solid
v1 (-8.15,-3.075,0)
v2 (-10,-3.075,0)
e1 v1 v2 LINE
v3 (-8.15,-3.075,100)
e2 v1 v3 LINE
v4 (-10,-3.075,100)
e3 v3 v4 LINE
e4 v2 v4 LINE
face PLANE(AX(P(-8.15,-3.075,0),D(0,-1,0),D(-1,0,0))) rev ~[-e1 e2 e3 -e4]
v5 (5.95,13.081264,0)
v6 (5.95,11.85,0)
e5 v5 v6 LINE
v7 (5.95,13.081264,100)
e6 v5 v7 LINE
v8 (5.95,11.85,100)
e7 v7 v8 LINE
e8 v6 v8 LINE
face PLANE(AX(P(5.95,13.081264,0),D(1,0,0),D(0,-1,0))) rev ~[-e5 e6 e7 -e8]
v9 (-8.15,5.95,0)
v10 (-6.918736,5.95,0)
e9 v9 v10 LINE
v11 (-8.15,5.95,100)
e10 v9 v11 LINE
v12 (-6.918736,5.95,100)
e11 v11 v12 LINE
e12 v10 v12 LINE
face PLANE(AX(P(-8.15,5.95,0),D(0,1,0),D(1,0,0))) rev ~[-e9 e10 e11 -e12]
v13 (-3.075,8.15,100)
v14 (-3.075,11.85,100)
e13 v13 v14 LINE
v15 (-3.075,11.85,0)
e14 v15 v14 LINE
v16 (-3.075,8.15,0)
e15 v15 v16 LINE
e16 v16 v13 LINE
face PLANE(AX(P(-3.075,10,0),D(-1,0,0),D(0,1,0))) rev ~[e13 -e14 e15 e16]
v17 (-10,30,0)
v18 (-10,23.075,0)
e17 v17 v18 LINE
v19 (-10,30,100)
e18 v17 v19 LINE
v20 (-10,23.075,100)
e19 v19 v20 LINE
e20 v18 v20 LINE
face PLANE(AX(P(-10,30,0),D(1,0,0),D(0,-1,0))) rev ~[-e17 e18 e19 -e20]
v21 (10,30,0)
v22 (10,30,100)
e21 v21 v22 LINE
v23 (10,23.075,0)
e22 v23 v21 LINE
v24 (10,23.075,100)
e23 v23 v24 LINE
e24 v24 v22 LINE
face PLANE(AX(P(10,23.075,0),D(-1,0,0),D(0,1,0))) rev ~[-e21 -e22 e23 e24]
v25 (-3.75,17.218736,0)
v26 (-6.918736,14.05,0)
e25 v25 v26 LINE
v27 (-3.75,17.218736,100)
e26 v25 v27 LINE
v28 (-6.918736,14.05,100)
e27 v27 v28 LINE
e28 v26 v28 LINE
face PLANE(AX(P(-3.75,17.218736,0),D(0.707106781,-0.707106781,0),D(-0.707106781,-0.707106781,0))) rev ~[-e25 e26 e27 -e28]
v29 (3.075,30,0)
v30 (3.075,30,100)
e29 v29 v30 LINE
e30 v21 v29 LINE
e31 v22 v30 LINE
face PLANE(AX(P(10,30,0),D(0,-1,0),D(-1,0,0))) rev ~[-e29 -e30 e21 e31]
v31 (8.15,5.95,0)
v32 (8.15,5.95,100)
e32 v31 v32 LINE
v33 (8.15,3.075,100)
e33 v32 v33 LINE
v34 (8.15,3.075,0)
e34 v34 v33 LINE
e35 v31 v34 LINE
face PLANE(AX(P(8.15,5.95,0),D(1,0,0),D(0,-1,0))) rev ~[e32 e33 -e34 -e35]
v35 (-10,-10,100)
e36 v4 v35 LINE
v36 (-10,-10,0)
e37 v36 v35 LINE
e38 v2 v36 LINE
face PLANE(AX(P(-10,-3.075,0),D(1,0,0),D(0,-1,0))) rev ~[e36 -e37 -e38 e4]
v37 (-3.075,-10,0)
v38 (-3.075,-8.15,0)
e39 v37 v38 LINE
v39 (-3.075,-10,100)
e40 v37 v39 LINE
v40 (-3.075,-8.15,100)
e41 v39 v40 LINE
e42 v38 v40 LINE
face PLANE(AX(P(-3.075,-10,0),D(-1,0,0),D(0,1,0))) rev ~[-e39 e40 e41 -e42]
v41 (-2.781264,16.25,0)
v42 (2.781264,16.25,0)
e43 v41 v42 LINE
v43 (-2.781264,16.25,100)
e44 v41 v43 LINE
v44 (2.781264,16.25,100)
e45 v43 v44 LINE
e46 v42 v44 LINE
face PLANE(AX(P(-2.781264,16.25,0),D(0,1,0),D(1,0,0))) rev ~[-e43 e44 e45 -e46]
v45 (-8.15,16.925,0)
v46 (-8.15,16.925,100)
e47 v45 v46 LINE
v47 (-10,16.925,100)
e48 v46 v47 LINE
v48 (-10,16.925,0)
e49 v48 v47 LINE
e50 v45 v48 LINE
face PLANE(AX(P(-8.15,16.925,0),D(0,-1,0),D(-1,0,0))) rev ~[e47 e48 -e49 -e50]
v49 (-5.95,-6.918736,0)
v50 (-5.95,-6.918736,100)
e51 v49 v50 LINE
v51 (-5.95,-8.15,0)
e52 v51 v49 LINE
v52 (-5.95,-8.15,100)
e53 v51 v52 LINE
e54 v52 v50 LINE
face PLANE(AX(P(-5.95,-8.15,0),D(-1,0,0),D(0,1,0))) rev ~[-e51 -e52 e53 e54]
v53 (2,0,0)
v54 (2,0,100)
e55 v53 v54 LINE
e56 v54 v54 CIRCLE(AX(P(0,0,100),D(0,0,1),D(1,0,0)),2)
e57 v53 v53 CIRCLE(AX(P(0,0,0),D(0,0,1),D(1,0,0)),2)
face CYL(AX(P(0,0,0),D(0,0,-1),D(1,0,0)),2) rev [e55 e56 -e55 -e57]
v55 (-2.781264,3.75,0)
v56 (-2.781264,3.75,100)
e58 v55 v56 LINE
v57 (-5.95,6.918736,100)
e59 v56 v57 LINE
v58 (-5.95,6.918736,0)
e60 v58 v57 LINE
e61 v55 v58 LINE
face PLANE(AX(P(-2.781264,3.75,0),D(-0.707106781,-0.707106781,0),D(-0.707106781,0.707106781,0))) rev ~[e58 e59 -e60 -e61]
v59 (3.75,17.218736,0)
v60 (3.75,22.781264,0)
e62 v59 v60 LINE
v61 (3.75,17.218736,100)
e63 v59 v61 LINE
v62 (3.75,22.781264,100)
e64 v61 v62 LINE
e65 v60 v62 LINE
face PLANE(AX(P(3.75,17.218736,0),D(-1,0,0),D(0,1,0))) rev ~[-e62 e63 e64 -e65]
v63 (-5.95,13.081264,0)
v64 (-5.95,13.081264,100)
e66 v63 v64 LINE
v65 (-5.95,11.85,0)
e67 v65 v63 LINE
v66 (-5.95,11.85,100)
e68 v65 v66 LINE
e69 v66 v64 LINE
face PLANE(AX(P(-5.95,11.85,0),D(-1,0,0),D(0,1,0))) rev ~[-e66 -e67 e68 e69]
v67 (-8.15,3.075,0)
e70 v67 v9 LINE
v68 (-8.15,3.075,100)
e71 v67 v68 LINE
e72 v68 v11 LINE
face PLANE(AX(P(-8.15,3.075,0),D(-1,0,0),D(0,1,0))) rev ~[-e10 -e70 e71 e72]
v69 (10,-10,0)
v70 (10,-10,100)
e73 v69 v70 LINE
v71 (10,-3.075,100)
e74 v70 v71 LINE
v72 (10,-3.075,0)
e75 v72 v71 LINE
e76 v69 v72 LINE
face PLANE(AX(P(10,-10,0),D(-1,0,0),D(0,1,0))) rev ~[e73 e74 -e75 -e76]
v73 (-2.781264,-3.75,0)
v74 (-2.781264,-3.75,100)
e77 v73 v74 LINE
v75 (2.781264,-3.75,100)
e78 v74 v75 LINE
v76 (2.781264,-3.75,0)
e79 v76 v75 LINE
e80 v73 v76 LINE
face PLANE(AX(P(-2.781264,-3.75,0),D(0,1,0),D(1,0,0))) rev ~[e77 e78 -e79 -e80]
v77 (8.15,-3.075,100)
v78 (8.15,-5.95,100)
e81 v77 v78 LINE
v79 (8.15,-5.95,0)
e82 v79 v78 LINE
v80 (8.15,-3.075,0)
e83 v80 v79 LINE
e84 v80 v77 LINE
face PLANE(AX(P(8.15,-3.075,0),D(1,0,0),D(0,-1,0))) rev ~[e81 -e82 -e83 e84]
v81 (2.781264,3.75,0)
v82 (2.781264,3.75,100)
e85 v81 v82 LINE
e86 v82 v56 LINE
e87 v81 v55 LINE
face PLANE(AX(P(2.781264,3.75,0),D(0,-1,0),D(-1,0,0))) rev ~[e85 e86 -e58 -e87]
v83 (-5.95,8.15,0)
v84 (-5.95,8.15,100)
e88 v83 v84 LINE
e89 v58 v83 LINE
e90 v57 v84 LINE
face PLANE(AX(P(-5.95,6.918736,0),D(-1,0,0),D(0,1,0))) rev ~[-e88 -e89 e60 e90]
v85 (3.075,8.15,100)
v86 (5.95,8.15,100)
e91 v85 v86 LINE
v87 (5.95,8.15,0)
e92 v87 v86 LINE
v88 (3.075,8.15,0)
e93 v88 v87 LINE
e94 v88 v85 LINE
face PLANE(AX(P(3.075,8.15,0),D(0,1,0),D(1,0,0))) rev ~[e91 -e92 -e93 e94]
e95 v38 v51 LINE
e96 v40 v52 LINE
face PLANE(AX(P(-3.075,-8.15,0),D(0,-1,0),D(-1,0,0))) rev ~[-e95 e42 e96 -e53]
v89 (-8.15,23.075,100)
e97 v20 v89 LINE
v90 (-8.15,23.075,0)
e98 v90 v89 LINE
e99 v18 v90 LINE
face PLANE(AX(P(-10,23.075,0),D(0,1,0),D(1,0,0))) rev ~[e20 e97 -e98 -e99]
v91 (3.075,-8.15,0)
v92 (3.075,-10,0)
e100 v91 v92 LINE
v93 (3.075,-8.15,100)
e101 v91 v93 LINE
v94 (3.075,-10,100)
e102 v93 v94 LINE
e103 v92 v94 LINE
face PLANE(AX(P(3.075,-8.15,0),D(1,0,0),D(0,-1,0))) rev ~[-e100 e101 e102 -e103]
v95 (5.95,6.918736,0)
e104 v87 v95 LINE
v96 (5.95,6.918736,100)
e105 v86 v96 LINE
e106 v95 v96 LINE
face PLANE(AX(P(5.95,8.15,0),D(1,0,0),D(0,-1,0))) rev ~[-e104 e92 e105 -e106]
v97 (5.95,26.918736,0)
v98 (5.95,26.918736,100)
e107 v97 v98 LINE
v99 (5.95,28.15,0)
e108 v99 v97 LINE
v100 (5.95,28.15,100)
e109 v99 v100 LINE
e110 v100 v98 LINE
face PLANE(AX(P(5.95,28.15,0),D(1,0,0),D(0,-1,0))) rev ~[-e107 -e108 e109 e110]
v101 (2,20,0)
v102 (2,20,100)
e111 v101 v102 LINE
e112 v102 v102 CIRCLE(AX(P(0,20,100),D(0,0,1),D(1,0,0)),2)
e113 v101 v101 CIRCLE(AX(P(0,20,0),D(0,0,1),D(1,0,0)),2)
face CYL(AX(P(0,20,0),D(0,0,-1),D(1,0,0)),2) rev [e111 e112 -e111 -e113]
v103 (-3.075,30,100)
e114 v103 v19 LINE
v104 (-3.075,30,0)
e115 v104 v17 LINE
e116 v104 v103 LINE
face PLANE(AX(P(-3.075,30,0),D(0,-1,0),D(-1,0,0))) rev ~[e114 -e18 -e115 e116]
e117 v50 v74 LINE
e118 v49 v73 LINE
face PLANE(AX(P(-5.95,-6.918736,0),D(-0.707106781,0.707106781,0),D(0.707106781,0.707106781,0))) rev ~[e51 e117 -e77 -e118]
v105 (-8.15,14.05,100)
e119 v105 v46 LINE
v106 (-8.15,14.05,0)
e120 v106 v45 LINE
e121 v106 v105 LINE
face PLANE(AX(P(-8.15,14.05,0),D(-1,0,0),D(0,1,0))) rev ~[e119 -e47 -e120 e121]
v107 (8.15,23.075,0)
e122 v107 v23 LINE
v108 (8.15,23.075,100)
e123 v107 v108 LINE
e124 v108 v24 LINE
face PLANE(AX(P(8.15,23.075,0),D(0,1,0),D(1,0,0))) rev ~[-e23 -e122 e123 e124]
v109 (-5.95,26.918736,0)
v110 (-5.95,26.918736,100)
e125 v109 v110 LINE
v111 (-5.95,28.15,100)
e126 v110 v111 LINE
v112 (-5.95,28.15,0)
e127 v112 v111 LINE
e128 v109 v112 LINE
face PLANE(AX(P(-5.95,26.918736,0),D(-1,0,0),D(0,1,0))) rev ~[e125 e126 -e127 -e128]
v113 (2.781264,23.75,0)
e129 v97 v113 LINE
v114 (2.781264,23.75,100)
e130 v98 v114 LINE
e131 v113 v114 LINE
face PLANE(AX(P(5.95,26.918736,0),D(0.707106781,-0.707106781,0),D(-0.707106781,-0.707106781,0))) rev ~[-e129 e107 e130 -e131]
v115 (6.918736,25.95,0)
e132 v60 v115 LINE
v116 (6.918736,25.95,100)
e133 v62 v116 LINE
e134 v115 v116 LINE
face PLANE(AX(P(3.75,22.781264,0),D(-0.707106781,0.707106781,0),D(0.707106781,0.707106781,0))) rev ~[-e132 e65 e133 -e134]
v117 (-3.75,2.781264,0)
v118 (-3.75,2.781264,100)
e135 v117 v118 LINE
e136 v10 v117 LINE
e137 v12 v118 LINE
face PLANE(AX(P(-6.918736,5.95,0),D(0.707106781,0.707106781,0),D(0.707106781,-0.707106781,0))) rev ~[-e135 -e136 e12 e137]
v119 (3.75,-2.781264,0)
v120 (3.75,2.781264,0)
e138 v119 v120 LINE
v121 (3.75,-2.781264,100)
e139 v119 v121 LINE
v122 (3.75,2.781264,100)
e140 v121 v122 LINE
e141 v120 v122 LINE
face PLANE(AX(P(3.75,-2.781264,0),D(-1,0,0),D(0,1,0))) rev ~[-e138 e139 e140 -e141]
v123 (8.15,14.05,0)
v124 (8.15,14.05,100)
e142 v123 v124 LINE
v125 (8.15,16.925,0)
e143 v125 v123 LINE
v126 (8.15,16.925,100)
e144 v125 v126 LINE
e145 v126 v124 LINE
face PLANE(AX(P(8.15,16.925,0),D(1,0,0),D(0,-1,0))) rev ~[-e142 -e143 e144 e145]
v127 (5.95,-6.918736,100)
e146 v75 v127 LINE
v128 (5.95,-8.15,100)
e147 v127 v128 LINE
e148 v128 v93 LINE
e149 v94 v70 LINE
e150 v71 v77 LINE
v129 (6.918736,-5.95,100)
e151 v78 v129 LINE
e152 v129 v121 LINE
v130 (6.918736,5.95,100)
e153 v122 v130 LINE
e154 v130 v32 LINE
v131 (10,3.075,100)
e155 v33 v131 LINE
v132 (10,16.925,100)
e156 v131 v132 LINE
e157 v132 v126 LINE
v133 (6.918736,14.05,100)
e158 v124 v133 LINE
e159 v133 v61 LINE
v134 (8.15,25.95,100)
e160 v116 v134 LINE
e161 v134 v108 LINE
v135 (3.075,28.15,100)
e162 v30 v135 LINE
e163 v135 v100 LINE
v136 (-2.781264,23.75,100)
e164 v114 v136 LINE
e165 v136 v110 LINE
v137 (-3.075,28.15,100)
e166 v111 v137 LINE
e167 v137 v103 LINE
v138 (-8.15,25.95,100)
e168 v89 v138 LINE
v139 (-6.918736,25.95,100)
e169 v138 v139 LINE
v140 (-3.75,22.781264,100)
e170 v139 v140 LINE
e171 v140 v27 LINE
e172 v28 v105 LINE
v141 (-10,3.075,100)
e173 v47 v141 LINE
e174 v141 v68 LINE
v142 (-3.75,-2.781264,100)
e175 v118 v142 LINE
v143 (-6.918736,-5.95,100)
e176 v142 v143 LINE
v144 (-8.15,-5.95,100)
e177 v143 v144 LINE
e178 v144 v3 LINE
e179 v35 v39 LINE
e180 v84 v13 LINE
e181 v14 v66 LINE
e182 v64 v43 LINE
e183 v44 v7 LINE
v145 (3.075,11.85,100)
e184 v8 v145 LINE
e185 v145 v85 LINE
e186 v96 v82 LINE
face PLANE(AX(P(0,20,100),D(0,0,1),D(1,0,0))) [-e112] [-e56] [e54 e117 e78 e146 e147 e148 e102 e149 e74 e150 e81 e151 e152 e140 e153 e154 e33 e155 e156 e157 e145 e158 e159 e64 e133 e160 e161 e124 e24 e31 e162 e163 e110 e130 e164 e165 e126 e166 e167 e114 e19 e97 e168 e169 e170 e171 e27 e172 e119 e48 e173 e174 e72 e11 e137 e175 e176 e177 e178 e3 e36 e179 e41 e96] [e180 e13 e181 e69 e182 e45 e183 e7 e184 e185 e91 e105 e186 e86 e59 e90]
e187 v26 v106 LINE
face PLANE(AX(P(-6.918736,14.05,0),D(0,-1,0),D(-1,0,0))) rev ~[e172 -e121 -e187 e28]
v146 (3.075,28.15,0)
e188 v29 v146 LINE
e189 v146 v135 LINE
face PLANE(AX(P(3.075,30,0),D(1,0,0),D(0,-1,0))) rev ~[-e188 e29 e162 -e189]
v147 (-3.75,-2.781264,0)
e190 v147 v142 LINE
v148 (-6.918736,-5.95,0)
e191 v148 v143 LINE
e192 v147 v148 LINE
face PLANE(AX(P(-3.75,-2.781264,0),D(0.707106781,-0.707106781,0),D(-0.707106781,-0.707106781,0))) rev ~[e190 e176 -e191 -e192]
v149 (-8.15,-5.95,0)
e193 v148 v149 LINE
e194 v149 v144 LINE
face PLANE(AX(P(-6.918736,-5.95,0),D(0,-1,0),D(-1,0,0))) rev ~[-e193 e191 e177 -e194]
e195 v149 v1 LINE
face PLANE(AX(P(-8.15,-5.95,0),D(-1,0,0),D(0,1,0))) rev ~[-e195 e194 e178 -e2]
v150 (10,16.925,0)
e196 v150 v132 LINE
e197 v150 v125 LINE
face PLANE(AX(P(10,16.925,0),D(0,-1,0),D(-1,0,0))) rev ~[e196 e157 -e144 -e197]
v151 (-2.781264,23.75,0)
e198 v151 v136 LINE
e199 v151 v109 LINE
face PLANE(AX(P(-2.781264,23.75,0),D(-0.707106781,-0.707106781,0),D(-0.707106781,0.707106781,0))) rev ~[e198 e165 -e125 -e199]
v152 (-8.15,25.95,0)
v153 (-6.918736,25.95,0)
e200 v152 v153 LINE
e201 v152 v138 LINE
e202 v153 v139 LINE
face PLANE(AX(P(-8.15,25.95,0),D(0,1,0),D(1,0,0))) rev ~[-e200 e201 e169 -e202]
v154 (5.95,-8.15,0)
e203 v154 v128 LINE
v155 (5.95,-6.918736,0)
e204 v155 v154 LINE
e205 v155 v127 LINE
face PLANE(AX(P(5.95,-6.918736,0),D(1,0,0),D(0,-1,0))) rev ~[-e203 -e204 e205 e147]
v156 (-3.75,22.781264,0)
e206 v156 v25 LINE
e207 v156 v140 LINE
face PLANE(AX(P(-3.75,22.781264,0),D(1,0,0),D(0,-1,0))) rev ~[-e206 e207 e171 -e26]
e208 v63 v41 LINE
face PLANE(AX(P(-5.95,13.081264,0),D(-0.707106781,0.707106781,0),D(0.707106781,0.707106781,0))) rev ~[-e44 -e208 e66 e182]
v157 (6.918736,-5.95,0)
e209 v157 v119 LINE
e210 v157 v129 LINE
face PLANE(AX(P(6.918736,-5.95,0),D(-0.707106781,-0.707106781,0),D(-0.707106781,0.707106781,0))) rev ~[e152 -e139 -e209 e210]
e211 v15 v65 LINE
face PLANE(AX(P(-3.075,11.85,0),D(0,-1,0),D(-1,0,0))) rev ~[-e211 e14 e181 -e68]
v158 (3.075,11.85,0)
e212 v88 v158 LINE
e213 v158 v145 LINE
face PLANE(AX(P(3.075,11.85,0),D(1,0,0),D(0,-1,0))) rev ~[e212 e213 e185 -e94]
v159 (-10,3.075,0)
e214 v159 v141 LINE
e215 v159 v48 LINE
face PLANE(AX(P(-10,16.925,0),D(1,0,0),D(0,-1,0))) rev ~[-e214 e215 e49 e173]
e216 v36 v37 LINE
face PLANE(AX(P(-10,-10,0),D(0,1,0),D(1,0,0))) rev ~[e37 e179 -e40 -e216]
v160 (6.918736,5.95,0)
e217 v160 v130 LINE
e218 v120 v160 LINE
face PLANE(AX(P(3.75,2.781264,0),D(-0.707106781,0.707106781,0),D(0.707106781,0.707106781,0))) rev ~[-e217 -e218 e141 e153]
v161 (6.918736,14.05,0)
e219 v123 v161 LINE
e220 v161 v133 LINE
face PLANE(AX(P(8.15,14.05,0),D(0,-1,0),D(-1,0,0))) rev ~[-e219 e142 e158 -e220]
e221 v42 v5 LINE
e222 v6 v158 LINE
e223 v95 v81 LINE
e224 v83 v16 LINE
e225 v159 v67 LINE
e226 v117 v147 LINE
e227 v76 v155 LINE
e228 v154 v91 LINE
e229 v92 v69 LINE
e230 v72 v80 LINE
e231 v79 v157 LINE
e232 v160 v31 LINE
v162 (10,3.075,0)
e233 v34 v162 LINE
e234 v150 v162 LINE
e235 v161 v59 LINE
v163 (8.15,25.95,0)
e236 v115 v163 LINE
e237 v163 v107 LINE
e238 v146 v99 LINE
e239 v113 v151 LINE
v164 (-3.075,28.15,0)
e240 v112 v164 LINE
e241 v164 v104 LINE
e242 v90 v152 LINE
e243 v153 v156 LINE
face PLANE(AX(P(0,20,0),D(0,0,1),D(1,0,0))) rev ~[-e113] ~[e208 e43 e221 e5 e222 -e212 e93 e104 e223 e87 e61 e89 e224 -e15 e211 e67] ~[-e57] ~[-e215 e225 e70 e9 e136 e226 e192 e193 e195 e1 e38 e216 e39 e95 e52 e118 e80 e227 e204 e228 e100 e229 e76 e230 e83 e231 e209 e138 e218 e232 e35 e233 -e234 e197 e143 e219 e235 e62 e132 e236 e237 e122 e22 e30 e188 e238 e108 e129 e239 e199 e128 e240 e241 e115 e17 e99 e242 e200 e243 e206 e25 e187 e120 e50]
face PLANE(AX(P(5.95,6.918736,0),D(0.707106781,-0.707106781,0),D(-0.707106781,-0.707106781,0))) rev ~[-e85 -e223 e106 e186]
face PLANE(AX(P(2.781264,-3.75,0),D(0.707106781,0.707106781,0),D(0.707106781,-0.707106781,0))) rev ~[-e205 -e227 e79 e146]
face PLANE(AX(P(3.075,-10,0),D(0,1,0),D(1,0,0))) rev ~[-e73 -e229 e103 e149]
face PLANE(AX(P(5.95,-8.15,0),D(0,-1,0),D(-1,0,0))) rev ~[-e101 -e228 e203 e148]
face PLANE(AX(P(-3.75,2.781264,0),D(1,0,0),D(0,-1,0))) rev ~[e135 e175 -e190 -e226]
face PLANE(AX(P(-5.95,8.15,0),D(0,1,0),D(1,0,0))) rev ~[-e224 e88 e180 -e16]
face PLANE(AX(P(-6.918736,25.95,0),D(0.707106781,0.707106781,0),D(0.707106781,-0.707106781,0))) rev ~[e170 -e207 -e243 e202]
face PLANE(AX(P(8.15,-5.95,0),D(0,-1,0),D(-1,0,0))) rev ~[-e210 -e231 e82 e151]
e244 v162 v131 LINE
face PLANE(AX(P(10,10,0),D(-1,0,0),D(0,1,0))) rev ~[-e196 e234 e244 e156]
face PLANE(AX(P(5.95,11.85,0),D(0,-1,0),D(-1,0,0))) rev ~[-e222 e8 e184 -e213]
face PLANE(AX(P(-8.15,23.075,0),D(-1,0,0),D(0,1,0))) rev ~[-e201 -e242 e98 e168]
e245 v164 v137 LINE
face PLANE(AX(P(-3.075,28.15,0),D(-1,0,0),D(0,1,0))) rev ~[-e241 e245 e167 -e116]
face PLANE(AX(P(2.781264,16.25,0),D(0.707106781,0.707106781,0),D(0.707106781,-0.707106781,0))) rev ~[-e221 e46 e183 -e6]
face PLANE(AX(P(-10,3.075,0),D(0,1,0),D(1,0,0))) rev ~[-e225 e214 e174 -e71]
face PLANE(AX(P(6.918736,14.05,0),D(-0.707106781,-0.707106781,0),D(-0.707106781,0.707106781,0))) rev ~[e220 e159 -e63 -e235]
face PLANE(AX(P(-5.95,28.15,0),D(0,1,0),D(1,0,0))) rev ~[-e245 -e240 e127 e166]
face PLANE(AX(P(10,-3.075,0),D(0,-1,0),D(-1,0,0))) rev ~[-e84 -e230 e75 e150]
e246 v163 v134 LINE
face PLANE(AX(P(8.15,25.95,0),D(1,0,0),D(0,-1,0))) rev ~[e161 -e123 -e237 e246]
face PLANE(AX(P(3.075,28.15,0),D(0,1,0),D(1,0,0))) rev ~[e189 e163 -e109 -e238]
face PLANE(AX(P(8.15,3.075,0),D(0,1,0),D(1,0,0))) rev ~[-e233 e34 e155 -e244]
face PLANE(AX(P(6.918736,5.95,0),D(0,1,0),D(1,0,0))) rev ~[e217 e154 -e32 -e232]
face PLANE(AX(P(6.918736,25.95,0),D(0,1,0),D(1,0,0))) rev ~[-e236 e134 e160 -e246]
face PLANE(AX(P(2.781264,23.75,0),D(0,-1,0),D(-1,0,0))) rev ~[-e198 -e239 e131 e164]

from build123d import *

# Parameters (mm, degrees)
SKETCH1_R           = 2
BOSS_EXTRUDE1_DEPTH = 100
LPATTERN1_COUNT     = 2
LPATTERN1_PITCH     = 20


with BuildPart() as part:
    # Sketch1 → Boss-Extrude1 (new body)
    with BuildSketch(Plane.XY):
        Polygon((-10, 3.075), (-8.15, 3.075), (-8.15, 5.95), (-6.91873629, 5.95), (-3.75, 2.78126371), (-3.75, 0), (-3.75, -2.78126371), (-6.91873629, -5.95), (-8.15, -5.95), (-8.15, -3.075), (-10, -3.075), (-10, -10), (-3.075, -10), (-3.075, -8.15), (-5.95, -8.15), (-5.95, -6.91873629), (-2.78126371, -3.75), (0, -3.75), (2.78126371, -3.75), (5.95, -6.91873629), (5.95, -8.15), (3.075, -8.15), (3.075, -10), (10, -10), (10, -3.075), (8.15, -3.075), (8.15, -5.95), (6.91873629, -5.95), (3.75, -2.78126371), (3.75, 0), (3.75, 2.78126371), (6.91873629, 5.95), (8.15, 5.95), (8.15, 3.075), (10, 3.075), (10, 10), (3.075, 10), (3.075, 8.15), (5.95, 8.15), (5.95, 6.91873629), (2.78126371, 3.75), (0, 3.75), (-2.78126371, 3.75), (-5.95, 6.91873629), (-5.95, 8.15), (-3.075, 8.15), (-3.075, 10), (-10, 10), align=None)
        Circle(SKETCH1_R, mode=Mode.SUBTRACT)
    boss_extrude1 = extrude(amount=BOSS_EXTRUDE1_DEPTH)

    # LPattern1: Boss-Extrude1 ×2
    with Locations(*[(0, i * LPATTERN1_PITCH, 0) for i in range(1, LPATTERN1_COUNT)]):
        add(boss_extrude1)


solid = part.part
